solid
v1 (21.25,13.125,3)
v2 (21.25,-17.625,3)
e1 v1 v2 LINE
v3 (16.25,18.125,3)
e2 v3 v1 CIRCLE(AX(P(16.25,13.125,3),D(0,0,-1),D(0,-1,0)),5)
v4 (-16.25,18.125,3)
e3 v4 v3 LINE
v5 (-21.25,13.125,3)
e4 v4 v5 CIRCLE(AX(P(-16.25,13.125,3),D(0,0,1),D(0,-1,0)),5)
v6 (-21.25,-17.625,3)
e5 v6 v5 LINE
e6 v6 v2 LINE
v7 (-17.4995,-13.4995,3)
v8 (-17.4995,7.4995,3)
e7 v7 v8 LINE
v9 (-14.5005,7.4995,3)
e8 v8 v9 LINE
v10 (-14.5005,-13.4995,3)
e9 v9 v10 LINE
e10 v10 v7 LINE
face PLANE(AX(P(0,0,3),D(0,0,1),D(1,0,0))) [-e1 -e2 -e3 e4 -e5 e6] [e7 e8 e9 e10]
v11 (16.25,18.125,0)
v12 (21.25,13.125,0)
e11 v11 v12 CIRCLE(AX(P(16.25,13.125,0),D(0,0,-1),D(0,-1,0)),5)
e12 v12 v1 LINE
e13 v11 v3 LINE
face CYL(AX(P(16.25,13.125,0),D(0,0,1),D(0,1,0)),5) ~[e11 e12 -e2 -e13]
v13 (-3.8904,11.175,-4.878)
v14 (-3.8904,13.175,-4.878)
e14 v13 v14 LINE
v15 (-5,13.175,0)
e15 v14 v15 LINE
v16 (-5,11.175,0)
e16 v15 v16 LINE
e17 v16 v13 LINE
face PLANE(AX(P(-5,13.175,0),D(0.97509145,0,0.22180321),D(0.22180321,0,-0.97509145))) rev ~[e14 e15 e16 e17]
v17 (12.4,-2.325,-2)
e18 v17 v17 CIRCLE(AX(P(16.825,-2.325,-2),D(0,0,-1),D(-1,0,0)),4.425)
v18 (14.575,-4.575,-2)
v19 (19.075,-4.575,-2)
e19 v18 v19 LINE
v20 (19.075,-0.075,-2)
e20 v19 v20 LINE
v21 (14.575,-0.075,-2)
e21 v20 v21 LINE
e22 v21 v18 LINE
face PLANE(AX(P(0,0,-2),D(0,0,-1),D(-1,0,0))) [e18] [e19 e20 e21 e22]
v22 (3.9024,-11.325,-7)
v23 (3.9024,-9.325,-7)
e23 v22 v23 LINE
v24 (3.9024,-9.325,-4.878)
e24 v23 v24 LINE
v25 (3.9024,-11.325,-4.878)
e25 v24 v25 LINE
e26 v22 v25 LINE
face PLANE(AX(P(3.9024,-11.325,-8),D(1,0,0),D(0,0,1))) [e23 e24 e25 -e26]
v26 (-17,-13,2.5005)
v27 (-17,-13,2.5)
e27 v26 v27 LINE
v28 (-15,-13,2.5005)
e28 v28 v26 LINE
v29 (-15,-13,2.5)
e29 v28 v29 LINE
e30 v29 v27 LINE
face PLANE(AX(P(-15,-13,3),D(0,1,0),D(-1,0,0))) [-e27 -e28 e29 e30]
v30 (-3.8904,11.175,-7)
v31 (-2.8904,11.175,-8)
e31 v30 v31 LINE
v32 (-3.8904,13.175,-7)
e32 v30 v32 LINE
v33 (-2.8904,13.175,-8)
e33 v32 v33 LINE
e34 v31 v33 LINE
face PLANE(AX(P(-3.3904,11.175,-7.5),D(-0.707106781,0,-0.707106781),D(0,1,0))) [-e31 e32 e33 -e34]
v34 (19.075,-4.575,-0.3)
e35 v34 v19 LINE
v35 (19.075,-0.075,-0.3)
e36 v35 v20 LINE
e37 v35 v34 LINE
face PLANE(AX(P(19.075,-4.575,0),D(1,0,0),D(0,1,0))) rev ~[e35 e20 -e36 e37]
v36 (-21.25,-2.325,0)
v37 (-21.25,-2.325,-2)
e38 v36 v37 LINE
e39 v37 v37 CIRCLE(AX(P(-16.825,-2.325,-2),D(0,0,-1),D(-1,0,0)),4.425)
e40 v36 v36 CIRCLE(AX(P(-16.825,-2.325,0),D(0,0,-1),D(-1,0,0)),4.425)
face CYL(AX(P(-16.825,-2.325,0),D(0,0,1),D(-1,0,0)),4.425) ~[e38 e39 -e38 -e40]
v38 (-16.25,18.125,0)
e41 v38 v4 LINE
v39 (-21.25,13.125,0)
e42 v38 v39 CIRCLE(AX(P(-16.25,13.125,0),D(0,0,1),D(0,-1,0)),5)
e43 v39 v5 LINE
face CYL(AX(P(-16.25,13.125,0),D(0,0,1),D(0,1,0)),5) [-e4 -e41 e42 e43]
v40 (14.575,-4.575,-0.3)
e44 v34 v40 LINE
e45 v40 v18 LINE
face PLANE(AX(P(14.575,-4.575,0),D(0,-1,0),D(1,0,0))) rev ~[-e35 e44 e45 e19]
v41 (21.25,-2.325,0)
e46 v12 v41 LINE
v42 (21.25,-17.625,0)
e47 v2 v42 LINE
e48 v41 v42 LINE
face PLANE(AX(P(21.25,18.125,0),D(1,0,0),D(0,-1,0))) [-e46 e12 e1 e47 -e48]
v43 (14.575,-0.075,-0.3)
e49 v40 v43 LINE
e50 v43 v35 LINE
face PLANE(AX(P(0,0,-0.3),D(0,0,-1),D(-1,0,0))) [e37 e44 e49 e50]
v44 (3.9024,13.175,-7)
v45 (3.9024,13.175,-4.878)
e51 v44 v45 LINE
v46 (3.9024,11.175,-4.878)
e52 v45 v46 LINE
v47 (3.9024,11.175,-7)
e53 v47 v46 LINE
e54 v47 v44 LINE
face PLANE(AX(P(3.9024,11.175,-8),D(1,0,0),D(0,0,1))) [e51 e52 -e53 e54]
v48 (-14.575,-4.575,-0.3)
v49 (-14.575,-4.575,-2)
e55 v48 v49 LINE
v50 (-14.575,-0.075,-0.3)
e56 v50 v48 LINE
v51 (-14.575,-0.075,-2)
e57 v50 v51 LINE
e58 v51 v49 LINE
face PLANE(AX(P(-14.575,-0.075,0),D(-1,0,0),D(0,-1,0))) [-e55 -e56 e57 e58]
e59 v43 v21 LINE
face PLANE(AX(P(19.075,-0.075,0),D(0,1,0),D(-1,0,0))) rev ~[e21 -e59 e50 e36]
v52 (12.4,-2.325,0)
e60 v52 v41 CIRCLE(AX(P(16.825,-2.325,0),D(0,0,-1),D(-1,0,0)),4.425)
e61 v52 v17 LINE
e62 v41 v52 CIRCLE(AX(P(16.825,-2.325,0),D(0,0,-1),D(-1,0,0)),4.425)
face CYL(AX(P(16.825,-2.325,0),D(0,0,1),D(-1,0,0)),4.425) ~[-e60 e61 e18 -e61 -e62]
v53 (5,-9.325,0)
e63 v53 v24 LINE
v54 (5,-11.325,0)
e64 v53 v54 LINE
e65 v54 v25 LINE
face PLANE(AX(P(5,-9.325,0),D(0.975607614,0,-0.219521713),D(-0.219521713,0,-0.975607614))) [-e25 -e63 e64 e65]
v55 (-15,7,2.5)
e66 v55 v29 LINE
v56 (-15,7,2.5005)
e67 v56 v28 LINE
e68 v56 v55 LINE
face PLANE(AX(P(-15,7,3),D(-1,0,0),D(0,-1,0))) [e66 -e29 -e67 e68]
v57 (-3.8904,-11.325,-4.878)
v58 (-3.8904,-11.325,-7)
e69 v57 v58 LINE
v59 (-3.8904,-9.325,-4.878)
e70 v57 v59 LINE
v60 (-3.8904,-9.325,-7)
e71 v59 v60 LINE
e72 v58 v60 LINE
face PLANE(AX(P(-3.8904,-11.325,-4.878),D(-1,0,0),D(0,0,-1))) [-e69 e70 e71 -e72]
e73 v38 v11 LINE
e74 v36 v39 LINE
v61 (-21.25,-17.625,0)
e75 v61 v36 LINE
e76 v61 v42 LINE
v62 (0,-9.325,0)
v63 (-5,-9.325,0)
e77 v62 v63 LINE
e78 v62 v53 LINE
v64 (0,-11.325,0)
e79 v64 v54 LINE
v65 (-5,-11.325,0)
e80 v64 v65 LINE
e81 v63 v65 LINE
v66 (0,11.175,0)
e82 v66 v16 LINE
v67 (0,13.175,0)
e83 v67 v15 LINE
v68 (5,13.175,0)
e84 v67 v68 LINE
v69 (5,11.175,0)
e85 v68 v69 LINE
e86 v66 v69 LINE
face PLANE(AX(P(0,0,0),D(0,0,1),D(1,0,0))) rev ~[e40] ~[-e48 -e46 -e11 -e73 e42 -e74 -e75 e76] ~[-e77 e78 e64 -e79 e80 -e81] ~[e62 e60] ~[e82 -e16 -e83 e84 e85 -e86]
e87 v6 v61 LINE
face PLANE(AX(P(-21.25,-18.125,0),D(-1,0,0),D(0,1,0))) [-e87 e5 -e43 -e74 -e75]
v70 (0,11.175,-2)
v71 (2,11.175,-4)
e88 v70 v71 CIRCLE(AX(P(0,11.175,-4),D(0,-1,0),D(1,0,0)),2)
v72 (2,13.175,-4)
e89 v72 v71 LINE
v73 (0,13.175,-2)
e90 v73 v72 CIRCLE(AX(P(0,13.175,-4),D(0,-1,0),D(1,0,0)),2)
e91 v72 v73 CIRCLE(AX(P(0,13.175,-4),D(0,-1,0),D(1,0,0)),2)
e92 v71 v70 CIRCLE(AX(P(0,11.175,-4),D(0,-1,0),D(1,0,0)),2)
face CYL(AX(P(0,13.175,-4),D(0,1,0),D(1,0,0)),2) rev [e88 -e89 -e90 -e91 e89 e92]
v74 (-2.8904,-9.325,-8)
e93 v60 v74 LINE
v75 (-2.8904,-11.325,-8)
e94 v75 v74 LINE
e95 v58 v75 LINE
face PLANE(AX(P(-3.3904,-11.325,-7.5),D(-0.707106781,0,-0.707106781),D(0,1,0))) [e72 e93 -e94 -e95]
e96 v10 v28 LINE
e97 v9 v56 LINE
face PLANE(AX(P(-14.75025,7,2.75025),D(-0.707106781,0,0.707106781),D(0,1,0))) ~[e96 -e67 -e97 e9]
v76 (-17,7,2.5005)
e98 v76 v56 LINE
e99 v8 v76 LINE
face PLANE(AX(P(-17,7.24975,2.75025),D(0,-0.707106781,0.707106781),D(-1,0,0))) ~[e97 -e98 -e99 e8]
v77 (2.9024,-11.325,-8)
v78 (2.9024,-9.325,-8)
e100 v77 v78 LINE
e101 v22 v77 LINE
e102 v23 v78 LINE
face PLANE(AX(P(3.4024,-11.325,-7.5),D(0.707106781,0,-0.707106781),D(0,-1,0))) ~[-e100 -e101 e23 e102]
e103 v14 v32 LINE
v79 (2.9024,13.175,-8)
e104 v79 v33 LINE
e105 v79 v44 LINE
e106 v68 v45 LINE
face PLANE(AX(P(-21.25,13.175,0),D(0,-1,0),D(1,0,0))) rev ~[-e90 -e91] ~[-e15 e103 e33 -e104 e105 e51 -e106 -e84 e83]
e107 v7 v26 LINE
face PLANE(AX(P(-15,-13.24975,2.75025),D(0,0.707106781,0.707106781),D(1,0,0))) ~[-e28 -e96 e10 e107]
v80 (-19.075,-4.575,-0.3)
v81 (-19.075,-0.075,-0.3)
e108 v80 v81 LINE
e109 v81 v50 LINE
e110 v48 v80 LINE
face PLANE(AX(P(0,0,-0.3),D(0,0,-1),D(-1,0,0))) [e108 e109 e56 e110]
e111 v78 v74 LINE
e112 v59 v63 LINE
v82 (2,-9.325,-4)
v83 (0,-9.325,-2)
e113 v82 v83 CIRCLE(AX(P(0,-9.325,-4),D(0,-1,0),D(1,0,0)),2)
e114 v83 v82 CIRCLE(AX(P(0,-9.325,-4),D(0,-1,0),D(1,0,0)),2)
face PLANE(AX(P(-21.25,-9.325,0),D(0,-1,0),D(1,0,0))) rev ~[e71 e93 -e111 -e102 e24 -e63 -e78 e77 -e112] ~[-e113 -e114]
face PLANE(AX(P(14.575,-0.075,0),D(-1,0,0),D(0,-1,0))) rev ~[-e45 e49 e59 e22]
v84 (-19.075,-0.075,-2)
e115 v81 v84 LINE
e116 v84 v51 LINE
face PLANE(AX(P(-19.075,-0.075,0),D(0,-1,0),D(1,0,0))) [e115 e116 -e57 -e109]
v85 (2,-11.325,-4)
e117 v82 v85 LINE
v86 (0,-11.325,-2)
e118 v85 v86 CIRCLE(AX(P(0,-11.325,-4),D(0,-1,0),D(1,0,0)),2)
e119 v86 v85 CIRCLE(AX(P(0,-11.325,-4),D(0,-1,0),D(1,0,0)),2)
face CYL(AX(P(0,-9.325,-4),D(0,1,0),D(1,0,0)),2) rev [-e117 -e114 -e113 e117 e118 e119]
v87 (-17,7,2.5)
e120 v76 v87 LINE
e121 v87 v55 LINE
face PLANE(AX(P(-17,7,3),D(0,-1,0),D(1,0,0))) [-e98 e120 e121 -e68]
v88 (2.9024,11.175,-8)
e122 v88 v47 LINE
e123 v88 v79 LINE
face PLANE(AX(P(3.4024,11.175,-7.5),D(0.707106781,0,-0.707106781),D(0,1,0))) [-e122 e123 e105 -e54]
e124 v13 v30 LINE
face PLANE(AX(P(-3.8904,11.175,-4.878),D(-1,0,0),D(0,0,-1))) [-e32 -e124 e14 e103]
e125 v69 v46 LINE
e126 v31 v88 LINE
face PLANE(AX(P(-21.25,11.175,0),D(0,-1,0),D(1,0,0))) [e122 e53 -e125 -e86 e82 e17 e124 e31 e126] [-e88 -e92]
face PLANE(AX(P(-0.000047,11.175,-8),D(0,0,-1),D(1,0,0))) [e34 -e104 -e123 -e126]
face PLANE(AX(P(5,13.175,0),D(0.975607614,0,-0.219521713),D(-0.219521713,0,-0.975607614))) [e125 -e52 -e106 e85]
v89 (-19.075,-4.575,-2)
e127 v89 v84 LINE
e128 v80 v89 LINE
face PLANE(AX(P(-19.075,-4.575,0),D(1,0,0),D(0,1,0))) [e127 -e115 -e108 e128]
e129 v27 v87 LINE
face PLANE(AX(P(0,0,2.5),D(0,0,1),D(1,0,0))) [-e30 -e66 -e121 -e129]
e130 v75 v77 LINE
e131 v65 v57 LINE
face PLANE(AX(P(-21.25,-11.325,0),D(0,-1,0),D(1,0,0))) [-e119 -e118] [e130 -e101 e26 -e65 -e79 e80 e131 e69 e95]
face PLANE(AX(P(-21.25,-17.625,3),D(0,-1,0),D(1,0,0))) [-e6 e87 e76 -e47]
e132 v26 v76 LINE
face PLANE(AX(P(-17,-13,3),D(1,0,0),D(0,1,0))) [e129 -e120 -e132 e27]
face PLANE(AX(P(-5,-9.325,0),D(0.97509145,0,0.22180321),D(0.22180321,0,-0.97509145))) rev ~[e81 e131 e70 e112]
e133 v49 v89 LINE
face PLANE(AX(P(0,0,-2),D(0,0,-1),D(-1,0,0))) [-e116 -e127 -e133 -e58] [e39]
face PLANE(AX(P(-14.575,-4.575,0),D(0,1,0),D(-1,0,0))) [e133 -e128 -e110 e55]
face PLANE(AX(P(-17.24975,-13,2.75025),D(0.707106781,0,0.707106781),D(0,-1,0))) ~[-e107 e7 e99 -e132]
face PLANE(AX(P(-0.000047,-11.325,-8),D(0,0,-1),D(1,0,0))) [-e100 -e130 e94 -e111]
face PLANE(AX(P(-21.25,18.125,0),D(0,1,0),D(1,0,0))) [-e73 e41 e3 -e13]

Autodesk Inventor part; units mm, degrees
ref_plane "YZ Plane" through (0, 0, 0) normal (1, 0, 0) x (0, 1, 0)
ref_plane "XZ Plane" through (0, 0, 0) normal (0, 1, 0) x (-1, 0, 0)
sketch "스케치1" plane through (0, 0, 0) normal (0, 0, 1) x (1, 0, 0)
  line L0 (-21.25, 18.125) -> (21.25, 18.125)
  line L1 (21.25, 18.125) -> (21.25, -18.125)
  line L2 (21.25, -18.125) -> (-21.25, -18.125)
  line L3 (-21.25, -18.125) -> (-21.25, 18.125)
  line L4 (-21.25, 18.125) -> (21.25, -18.125) construction
  line L5 (21.25, 18.125) -> (-21.25, -18.125) construction
  point P0 (0, 0)
  dimension "d0" = 42.5
  dimension "d1" = 36.25
extrude "돌출1" add sketch "스케치1" along normal blind 3
fillet "모깎기1" radius 5 2 edges at (21.25, 18.125, 1.5) (-21.25, 18.125, 1.5)
ref_plane "작업 평면1" through (-21.25, -9.325, 0) normal (0, -1, 0) x (1, 0, 0)
sketch "스케치2" plane through (-21.25, -9.325, 0) normal (0, -1, 0) x (1, 0, 0)
  line L0 (21.25, 0) -> (21.25, -4)
  circle A0 centre (21.25, -4) radius 2
  circle A1 centre (21.25, -4) radius 4
  line L1 (21.25, 0) -> (26.25, 0)
  line L2 (0, 0) -> (42.5, 0) construction
  line L3 (26.25, 0) -> (25.1524, -4.878)
  line L4 (21.25, 0) -> (16.25, 0)
  line L5 (16.25, 0) -> (17.4292, -5.184)
  dimension "d6" = 4
  dimension "d7" = 4
  dimension "d8" = 8
  dimension "d9" = 10
extrude "돌출2" add sketch "스케치2" along normal blind 2 contours L1 L3 A1 | A1 L5 | A1 L5 L4 picked at (20.9261, -0.7066)
pattern_linear "직사각형 패턴1" count 2 spacing 22.5 along (0, 1, 0) of "돌출2"
sketch "스케치3" plane through (0, 0, 0) normal (0, 0, -1) x (-1, 0, 0)
  circle A0 centre (16.825, -2.325) radius 4.425
  line L0 (21.25, -18.125) -> (-21.25, -18.125) projected
  line L1 (0, 0) -> (0, 4.3779)
  circle A1 centre (-16.825, -2.325) radius 4.425
  line L2 (21.25, 13.125) -> (21.25, -18.125) projected
  line L3 (-19.075, -0.075) -> (-14.575, -0.075)
  line L4 (-14.575, -0.075) -> (-14.575, -4.575)
  line L5 (-14.575, -4.575) -> (-19.075, -4.575)
  line L6 (-19.075, -4.575) -> (-19.075, -0.075)
  line L7 (-19.075, -0.075) -> (-14.575, -4.575) construction
  line L8 (-14.575, -0.075) -> (-19.075, -4.575) construction
  line L9 (14.575, -4.575) -> (19.075, -4.575)
  line L10 (19.075, -4.575) -> (19.075, -0.075)
  line L11 (19.075, -0.075) -> (14.575, -0.075)
  line L12 (14.575, -0.075) -> (14.575, -4.575)
  line L13 (14.575, -4.575) -> (19.075, -0.075) construction
  line L14 (19.075, -4.575) -> (14.575, -0.075) construction
  dimension "d16" = 15.8
  dimension "d17" = 33.65
  dimension "d18" = 4.5
  dimension "d19" = 4.5
  dimension "d20" = 4.5
  dimension "d21" = 4.5
extrude "돌출3" add sketch "스케치3" along normal blind 2
sketch "스케치4" plane through (0, 0, 3) normal (0, 0, 1) x (1, 0, 0)
  line L0 (-21.25, -18.125) -> (21.25, -18.125) projected
  line L1 (21.25, -18.125) -> (21.25, 13.125) projected
  line L2 (-21.25, 13.125) -> (-21.25, -18.125) projected
  line L3 (-21.25, -17.625) -> (21.25, -17.625)
  point P0 (0, 0)
  dimension "d24" = 0.5
extrude "돌출4" cut sketch "스케치4" against normal blind 3
sketch "스케치5" plane through (0, 0, 3) normal (0, 0, 1) x (1, 0, 0)
  line L0 (-17, 7) -> (-15, 7)
  line L1 (-15, 7) -> (-15, -13)
  line L2 (-15, -13) -> (-17, -13)
  line L3 (-17, -13) -> (-17, 7)
  line L4 (-17, 7) -> (-15, -13) construction
  line L5 (-15, 7) -> (-17, -13) construction
  point P0 (0, 0)
  point P1 (-16, -3)
  dimension "d27" = 2
  dimension "d28" = 20
  dimension "d32" = 3
  dimension "d37" = 16
extrude "돌출5" cut sketch "스케치5" against normal blind 0.5
chamfer "모따기1" distance 0.5 angle 45 4 edges at (-17, -3, 3) (-16, 7, 3) (-15, -3, 3) (-16, -13, 3)
sketch "스케치6" plane through (0, 0, 0) normal (0, 0, -1) x (-1, 0, 0)
  line L0 (14.575, -4.575) -> (19.075, -4.575) projected
  line L1 (19.075, -4.575) -> (19.075, -0.075) projected
  line L2 (19.075, -0.075) -> (14.575, -0.075) projected
  line L3 (14.575, -0.075) -> (14.575, -4.575) projected
  line L4 (-19.075, -0.075) -> (-19.075, -4.575) projected
  line L5 (-19.075, -4.575) -> (-14.575, -4.575) projected
  line L6 (-14.575, -4.575) -> (-14.575, -0.075) projected
  line L7 (-14.575, -0.075) -> (-19.075, -0.075) projected
  point P0 (0, 0)
extrude "돌출6" add sketch "스케치6" along normal blind 0.3
sketch "스케치7" plane through (-5, 11.175, 0) normal (0, -1, 0) x (1, 0, 0)
  arc A0 (1.1792, -5.184) -> (8.9024, -4.878) centre (5, -4) ccw projected
  line L0 (8.9024, -4.878) -> (1.1096, -4.878)
  line L1 (1.1096, -4.878) -> (1.1096, -8)
  line L2 (1.1096, -8) -> (8.9024, -8)
  line L3 (8.9024, -8) -> (8.9024, -4.878)
  line L4 (0, 0) -> (1.1792, -5.184) projected
  point P0 (5, 0)
  point P1 (5, -8)
extrude "돌출7" add sketch "스케치7" against normal blind 2 contours A0 L2 L1 L4 | A0 L3 L2
pattern_linear "직사각형 패턴2" count 2 spacing 22.5 along (0, -1, 0) of "돌출7"
chamfer "모따기2" distance 1 angle 45 4 edges at (3.9024, 12.175, -8) (-3.8904, 12.175, -8) (3.9024, -10.325, -8) (-3.8904, -10.325, -8)
properties part number "버튼 스위치 상단"
